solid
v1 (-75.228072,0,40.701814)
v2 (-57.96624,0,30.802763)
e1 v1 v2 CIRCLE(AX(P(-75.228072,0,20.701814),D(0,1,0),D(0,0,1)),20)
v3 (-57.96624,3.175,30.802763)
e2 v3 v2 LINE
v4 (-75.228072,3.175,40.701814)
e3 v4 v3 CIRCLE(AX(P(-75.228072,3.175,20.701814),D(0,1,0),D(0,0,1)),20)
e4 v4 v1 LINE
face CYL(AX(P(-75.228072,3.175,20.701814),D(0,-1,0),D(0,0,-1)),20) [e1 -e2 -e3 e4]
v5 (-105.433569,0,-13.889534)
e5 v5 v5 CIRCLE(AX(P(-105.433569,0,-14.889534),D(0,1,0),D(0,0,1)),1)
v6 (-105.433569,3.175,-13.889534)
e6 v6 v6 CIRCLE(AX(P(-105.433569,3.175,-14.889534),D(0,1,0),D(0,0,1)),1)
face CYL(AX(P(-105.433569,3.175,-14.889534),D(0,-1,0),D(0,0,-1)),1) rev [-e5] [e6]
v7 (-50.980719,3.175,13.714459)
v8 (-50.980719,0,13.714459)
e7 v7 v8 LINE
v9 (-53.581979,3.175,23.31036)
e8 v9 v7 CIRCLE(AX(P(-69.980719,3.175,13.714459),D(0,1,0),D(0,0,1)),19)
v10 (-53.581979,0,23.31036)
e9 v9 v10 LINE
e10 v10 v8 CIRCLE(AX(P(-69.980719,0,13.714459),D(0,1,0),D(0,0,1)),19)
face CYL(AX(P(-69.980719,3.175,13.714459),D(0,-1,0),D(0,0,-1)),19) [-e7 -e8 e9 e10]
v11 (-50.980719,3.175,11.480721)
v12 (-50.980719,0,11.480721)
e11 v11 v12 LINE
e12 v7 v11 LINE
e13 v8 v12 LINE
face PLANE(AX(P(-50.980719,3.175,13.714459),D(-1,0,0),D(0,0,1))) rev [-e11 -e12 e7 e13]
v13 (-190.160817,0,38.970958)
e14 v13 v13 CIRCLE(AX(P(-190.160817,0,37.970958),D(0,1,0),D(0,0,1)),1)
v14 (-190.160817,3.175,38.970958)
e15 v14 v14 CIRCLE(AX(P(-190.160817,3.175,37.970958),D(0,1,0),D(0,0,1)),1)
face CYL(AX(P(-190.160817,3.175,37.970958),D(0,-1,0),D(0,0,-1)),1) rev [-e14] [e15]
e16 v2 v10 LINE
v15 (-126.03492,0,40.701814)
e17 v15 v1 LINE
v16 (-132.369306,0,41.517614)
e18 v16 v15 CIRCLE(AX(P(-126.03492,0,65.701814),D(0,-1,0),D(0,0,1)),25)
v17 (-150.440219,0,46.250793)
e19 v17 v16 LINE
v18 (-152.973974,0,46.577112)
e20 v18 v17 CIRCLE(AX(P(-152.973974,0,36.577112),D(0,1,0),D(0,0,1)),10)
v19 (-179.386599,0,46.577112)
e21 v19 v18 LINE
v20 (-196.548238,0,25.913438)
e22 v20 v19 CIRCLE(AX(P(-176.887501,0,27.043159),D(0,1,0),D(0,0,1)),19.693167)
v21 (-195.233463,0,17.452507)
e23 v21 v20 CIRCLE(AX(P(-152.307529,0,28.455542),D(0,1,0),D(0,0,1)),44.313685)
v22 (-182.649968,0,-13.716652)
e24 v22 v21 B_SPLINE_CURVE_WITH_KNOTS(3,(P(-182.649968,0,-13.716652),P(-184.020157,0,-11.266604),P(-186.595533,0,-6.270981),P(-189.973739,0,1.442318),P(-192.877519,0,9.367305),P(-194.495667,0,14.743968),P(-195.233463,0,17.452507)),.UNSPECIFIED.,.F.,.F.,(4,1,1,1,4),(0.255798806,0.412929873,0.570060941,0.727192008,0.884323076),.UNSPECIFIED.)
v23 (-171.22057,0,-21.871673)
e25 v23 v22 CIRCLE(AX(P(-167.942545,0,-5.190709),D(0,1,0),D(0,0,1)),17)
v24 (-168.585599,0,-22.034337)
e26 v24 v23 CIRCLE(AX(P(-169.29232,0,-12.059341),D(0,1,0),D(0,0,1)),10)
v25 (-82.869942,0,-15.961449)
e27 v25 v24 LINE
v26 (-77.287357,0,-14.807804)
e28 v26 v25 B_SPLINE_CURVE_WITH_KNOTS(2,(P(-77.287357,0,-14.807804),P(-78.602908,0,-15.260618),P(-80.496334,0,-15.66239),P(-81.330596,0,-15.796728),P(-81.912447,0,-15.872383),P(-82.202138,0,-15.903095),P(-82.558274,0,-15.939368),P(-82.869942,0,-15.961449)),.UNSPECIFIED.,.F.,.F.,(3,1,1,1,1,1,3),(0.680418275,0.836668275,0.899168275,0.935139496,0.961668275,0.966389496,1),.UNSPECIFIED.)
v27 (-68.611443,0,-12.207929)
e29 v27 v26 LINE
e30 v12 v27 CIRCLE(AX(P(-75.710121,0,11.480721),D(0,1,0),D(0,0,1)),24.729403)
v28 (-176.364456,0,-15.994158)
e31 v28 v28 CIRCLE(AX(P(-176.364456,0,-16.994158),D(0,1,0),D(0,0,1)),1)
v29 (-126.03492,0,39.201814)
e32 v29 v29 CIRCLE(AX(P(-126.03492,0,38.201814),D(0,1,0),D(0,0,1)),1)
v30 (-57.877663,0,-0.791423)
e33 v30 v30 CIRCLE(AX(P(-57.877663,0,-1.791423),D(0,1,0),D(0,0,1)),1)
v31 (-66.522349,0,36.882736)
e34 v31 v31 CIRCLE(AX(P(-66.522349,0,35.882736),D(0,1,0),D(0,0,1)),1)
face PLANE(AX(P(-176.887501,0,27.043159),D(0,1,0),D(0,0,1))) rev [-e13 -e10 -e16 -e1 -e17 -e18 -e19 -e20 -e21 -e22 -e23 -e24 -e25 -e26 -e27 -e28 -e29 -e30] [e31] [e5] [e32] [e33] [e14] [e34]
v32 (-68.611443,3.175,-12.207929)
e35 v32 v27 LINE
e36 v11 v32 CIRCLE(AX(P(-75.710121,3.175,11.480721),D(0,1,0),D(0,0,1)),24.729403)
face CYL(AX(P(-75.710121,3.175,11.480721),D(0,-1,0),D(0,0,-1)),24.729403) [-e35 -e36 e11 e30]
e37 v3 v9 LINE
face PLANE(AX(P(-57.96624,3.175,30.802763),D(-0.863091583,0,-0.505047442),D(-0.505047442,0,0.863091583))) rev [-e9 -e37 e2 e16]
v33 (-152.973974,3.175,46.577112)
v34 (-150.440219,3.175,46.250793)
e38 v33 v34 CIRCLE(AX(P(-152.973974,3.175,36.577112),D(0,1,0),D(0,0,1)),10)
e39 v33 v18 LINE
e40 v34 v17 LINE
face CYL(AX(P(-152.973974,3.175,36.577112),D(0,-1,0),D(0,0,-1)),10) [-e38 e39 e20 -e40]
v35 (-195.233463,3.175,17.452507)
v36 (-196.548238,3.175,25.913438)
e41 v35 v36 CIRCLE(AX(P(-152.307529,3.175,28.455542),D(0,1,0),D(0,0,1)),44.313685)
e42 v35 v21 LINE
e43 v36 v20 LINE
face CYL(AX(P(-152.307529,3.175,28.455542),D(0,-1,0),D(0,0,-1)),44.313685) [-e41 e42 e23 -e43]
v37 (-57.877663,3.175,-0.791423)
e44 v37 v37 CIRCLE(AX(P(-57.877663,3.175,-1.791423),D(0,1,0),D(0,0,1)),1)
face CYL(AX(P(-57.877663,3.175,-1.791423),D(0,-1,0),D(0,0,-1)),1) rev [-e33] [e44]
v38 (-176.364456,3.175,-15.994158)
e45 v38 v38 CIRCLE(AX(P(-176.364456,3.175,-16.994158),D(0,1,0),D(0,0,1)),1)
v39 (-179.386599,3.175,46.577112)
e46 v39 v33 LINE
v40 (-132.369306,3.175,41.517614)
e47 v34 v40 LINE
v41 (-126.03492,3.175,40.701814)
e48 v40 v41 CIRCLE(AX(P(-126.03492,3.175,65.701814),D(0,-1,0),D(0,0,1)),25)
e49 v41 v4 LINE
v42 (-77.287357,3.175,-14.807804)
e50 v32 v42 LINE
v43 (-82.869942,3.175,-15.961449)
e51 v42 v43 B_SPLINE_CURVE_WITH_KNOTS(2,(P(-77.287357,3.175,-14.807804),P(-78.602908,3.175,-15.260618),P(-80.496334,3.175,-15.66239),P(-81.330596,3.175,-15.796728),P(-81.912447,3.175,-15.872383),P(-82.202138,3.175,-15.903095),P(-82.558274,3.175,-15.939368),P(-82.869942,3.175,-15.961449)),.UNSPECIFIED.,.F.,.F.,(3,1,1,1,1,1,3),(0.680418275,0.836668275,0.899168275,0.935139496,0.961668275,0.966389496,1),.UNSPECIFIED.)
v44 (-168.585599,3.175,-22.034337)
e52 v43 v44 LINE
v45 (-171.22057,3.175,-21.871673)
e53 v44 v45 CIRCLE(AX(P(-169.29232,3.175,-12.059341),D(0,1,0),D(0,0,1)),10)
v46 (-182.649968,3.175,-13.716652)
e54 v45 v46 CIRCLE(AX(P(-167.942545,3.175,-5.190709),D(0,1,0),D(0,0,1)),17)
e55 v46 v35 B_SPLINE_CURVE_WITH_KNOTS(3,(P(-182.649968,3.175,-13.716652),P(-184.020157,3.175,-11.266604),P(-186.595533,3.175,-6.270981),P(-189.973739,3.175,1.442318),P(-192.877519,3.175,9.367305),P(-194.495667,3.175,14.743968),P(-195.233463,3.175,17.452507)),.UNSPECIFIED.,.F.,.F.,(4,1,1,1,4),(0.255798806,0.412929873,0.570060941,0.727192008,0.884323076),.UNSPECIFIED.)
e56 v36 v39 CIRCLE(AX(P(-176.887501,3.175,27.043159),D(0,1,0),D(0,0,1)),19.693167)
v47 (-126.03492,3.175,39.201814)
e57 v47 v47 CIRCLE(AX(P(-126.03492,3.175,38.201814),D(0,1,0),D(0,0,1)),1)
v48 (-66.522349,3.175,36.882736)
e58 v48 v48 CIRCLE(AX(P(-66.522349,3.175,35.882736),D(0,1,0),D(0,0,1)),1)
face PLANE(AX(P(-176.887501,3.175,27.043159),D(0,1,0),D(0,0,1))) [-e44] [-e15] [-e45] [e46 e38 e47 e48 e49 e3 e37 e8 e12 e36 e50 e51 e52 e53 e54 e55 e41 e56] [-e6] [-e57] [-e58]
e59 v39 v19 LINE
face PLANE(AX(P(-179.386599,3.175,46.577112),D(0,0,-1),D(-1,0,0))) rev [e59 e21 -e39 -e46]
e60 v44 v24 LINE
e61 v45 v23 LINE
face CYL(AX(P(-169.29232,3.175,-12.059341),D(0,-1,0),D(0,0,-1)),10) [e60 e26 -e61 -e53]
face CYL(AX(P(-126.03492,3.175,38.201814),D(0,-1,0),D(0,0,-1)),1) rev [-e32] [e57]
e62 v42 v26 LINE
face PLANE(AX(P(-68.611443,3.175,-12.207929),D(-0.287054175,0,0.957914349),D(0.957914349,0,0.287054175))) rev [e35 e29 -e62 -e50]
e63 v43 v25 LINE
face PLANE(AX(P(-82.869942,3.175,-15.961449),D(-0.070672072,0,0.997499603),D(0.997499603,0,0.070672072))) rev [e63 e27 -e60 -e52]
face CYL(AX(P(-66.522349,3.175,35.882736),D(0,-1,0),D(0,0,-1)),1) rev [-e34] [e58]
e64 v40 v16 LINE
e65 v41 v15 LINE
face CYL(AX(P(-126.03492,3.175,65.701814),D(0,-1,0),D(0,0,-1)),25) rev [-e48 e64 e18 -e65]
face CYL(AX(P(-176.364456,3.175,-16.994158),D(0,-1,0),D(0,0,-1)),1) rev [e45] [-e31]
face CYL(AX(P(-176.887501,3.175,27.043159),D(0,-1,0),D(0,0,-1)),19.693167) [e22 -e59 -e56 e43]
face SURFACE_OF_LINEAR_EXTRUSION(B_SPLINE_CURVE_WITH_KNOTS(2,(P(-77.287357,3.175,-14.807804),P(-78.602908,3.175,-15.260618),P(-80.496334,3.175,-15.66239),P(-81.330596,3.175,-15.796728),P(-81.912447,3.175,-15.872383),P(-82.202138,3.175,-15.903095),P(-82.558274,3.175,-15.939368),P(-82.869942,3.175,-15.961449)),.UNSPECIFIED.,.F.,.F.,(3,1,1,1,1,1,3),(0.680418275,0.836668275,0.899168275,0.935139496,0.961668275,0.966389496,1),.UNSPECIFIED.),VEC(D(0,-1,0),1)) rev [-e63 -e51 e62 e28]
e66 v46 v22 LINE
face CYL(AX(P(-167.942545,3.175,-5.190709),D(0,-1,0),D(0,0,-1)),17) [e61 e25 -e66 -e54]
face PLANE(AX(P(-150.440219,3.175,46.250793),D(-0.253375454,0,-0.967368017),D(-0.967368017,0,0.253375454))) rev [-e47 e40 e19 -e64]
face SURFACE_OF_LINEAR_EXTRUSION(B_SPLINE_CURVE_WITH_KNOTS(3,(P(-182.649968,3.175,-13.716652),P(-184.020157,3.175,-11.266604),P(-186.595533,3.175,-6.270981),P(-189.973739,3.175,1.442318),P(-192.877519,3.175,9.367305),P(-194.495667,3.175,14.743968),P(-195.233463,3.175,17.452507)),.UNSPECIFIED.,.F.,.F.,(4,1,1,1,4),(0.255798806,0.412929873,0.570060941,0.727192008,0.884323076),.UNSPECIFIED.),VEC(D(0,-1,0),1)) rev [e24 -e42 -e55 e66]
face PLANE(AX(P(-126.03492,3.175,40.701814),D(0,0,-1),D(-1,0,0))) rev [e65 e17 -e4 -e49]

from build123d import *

# Parameters (mm, degrees)
SKETCH2_R           = 1
BOSS_EXTRUDE1_DEPTH = 3.175


with BuildPart() as part:
    # Sketch2 → Boss-Extrude1 (new body)
    with BuildSketch(Plane(origin=(0, 0, 0), x_dir=(1, 0, 0), z_dir=(0, 1, 0))):
        with BuildLine():
            Line((-179.386599243, -46.577112428), (-152.973973641, -46.577112428))
            ThreePointArc((-152.973973641, -46.577112428), (-151.696632976, -46.495196962), (-150.440219102, -46.250792593))
            Line((-150.440219102, -46.250792593), (-132.369306257, -41.517613837))
            ThreePointArc((-132.369306257, -41.517613837), (-129.228271572, -40.906602915), (-126.03491991, -40.70181425))
            Line((-126.03491991, -40.70181425), (-75.228071606, -40.70181425))
            ThreePointArc((-75.228071606, -40.70181425), (-65.278674057, -38.051439272), (-57.966239939, -30.802763092))
            Line((-57.966239939, -30.802763092), (-53.58197864, -23.310359981))
            ThreePointArc((-53.58197864, -23.310359981), (-51.642560943, -18.685572059), (-50.980718724, -13.714458582))
            Line((-50.980718724, -13.714458582), (-50.980718724, -11.480720615))
            ThreePointArc((-50.980718724, -11.480720615), (-55.872159917, 3.284056393), (-68.611443065, 12.207928979))
            Line((-68.611443065, 12.207928979), (-77.287357217, 14.807803777))
            add(Edge.make_bspline(
                [(-77.287357217, 14.807803777), (-78.60290824, 15.260617984), (-80.496334385, 15.662389675), (-81.330596094, 15.796728052), (-81.912447463, 15.872382986), (-82.202137874, 15.903094978), (-82.558274171, 15.939367788), (-82.869941903, 15.961449205)],
                knots=[0.680418275, 0.680418275, 0.680418275, 0.836668275, 0.899168275, 0.935139496, 0.961668275, 0.966389496, 1, 1, 1], degree=2))
            Line((-82.869941903, 15.961449205), (-168.585599211, 22.03433695))
            ThreePointArc((-168.585599211, 22.03433695), (-169.908476001, 22.040340453), (-171.220569819, 21.871672567))
            ThreePointArc((-171.220569819, 21.871672567), (-177.816509337, 19.029235729), (-182.649967908, 13.716652219))
            add(Edge.make_bspline(
                [(-182.649967908, 13.716652219), (-184.020157032, 11.266604381), (-186.59553254, 6.270980952), (-189.973739026, -1.442317999), (-192.87751868, -9.367305357), (-194.495666875, -14.743968327), (-195.233463462, -17.45250711)],
                knots=[0.255798806, 0.255798806, 0.255798806, 0.255798806, 0.412929873, 0.570060941, 0.727192008, 0.884323076, 0.884323076, 0.884323076, 0.884323076], degree=3))
            ThreePointArc((-195.233463462, -17.45250711), (-196.09568693, -21.651142502), (-196.548238057, -25.913438355))
            ThreePointArc((-196.548238057, -25.913438355), (-192.037135811, -39.625265598), (-179.386599243, -46.577112428))
        make_face()
        with Locations(Location((-66.522348751, -35.882736145, 0), (0, 0, 270))):
            Circle(SKETCH2_R, mode=Mode.SUBTRACT)
        with Locations(Location((-57.877663419, 1.791422578, 0), (0, 0, 270))):
            Circle(SKETCH2_R, mode=Mode.SUBTRACT)
        with Locations(Location((-105.433568659, 14.889534132, 0), (0, 0, 270))):
            Circle(SKETCH2_R, mode=Mode.SUBTRACT)
        with Locations(Location((-176.36445576, 16.994158234, 0), (0, 0, 270))):
            Circle(SKETCH2_R, mode=Mode.SUBTRACT)
        with Locations(Location((-190.160816791, -37.970957718, 0), (0, 0, 270))):
            Circle(SKETCH2_R, mode=Mode.SUBTRACT)
        with Locations(Location((-126.03491991, -38.20181425, 0), (0, 0, 270))):
            Circle(SKETCH2_R, mode=Mode.SUBTRACT)
    extrude(amount=BOSS_EXTRUDE1_DEPTH)


solid = part.part
